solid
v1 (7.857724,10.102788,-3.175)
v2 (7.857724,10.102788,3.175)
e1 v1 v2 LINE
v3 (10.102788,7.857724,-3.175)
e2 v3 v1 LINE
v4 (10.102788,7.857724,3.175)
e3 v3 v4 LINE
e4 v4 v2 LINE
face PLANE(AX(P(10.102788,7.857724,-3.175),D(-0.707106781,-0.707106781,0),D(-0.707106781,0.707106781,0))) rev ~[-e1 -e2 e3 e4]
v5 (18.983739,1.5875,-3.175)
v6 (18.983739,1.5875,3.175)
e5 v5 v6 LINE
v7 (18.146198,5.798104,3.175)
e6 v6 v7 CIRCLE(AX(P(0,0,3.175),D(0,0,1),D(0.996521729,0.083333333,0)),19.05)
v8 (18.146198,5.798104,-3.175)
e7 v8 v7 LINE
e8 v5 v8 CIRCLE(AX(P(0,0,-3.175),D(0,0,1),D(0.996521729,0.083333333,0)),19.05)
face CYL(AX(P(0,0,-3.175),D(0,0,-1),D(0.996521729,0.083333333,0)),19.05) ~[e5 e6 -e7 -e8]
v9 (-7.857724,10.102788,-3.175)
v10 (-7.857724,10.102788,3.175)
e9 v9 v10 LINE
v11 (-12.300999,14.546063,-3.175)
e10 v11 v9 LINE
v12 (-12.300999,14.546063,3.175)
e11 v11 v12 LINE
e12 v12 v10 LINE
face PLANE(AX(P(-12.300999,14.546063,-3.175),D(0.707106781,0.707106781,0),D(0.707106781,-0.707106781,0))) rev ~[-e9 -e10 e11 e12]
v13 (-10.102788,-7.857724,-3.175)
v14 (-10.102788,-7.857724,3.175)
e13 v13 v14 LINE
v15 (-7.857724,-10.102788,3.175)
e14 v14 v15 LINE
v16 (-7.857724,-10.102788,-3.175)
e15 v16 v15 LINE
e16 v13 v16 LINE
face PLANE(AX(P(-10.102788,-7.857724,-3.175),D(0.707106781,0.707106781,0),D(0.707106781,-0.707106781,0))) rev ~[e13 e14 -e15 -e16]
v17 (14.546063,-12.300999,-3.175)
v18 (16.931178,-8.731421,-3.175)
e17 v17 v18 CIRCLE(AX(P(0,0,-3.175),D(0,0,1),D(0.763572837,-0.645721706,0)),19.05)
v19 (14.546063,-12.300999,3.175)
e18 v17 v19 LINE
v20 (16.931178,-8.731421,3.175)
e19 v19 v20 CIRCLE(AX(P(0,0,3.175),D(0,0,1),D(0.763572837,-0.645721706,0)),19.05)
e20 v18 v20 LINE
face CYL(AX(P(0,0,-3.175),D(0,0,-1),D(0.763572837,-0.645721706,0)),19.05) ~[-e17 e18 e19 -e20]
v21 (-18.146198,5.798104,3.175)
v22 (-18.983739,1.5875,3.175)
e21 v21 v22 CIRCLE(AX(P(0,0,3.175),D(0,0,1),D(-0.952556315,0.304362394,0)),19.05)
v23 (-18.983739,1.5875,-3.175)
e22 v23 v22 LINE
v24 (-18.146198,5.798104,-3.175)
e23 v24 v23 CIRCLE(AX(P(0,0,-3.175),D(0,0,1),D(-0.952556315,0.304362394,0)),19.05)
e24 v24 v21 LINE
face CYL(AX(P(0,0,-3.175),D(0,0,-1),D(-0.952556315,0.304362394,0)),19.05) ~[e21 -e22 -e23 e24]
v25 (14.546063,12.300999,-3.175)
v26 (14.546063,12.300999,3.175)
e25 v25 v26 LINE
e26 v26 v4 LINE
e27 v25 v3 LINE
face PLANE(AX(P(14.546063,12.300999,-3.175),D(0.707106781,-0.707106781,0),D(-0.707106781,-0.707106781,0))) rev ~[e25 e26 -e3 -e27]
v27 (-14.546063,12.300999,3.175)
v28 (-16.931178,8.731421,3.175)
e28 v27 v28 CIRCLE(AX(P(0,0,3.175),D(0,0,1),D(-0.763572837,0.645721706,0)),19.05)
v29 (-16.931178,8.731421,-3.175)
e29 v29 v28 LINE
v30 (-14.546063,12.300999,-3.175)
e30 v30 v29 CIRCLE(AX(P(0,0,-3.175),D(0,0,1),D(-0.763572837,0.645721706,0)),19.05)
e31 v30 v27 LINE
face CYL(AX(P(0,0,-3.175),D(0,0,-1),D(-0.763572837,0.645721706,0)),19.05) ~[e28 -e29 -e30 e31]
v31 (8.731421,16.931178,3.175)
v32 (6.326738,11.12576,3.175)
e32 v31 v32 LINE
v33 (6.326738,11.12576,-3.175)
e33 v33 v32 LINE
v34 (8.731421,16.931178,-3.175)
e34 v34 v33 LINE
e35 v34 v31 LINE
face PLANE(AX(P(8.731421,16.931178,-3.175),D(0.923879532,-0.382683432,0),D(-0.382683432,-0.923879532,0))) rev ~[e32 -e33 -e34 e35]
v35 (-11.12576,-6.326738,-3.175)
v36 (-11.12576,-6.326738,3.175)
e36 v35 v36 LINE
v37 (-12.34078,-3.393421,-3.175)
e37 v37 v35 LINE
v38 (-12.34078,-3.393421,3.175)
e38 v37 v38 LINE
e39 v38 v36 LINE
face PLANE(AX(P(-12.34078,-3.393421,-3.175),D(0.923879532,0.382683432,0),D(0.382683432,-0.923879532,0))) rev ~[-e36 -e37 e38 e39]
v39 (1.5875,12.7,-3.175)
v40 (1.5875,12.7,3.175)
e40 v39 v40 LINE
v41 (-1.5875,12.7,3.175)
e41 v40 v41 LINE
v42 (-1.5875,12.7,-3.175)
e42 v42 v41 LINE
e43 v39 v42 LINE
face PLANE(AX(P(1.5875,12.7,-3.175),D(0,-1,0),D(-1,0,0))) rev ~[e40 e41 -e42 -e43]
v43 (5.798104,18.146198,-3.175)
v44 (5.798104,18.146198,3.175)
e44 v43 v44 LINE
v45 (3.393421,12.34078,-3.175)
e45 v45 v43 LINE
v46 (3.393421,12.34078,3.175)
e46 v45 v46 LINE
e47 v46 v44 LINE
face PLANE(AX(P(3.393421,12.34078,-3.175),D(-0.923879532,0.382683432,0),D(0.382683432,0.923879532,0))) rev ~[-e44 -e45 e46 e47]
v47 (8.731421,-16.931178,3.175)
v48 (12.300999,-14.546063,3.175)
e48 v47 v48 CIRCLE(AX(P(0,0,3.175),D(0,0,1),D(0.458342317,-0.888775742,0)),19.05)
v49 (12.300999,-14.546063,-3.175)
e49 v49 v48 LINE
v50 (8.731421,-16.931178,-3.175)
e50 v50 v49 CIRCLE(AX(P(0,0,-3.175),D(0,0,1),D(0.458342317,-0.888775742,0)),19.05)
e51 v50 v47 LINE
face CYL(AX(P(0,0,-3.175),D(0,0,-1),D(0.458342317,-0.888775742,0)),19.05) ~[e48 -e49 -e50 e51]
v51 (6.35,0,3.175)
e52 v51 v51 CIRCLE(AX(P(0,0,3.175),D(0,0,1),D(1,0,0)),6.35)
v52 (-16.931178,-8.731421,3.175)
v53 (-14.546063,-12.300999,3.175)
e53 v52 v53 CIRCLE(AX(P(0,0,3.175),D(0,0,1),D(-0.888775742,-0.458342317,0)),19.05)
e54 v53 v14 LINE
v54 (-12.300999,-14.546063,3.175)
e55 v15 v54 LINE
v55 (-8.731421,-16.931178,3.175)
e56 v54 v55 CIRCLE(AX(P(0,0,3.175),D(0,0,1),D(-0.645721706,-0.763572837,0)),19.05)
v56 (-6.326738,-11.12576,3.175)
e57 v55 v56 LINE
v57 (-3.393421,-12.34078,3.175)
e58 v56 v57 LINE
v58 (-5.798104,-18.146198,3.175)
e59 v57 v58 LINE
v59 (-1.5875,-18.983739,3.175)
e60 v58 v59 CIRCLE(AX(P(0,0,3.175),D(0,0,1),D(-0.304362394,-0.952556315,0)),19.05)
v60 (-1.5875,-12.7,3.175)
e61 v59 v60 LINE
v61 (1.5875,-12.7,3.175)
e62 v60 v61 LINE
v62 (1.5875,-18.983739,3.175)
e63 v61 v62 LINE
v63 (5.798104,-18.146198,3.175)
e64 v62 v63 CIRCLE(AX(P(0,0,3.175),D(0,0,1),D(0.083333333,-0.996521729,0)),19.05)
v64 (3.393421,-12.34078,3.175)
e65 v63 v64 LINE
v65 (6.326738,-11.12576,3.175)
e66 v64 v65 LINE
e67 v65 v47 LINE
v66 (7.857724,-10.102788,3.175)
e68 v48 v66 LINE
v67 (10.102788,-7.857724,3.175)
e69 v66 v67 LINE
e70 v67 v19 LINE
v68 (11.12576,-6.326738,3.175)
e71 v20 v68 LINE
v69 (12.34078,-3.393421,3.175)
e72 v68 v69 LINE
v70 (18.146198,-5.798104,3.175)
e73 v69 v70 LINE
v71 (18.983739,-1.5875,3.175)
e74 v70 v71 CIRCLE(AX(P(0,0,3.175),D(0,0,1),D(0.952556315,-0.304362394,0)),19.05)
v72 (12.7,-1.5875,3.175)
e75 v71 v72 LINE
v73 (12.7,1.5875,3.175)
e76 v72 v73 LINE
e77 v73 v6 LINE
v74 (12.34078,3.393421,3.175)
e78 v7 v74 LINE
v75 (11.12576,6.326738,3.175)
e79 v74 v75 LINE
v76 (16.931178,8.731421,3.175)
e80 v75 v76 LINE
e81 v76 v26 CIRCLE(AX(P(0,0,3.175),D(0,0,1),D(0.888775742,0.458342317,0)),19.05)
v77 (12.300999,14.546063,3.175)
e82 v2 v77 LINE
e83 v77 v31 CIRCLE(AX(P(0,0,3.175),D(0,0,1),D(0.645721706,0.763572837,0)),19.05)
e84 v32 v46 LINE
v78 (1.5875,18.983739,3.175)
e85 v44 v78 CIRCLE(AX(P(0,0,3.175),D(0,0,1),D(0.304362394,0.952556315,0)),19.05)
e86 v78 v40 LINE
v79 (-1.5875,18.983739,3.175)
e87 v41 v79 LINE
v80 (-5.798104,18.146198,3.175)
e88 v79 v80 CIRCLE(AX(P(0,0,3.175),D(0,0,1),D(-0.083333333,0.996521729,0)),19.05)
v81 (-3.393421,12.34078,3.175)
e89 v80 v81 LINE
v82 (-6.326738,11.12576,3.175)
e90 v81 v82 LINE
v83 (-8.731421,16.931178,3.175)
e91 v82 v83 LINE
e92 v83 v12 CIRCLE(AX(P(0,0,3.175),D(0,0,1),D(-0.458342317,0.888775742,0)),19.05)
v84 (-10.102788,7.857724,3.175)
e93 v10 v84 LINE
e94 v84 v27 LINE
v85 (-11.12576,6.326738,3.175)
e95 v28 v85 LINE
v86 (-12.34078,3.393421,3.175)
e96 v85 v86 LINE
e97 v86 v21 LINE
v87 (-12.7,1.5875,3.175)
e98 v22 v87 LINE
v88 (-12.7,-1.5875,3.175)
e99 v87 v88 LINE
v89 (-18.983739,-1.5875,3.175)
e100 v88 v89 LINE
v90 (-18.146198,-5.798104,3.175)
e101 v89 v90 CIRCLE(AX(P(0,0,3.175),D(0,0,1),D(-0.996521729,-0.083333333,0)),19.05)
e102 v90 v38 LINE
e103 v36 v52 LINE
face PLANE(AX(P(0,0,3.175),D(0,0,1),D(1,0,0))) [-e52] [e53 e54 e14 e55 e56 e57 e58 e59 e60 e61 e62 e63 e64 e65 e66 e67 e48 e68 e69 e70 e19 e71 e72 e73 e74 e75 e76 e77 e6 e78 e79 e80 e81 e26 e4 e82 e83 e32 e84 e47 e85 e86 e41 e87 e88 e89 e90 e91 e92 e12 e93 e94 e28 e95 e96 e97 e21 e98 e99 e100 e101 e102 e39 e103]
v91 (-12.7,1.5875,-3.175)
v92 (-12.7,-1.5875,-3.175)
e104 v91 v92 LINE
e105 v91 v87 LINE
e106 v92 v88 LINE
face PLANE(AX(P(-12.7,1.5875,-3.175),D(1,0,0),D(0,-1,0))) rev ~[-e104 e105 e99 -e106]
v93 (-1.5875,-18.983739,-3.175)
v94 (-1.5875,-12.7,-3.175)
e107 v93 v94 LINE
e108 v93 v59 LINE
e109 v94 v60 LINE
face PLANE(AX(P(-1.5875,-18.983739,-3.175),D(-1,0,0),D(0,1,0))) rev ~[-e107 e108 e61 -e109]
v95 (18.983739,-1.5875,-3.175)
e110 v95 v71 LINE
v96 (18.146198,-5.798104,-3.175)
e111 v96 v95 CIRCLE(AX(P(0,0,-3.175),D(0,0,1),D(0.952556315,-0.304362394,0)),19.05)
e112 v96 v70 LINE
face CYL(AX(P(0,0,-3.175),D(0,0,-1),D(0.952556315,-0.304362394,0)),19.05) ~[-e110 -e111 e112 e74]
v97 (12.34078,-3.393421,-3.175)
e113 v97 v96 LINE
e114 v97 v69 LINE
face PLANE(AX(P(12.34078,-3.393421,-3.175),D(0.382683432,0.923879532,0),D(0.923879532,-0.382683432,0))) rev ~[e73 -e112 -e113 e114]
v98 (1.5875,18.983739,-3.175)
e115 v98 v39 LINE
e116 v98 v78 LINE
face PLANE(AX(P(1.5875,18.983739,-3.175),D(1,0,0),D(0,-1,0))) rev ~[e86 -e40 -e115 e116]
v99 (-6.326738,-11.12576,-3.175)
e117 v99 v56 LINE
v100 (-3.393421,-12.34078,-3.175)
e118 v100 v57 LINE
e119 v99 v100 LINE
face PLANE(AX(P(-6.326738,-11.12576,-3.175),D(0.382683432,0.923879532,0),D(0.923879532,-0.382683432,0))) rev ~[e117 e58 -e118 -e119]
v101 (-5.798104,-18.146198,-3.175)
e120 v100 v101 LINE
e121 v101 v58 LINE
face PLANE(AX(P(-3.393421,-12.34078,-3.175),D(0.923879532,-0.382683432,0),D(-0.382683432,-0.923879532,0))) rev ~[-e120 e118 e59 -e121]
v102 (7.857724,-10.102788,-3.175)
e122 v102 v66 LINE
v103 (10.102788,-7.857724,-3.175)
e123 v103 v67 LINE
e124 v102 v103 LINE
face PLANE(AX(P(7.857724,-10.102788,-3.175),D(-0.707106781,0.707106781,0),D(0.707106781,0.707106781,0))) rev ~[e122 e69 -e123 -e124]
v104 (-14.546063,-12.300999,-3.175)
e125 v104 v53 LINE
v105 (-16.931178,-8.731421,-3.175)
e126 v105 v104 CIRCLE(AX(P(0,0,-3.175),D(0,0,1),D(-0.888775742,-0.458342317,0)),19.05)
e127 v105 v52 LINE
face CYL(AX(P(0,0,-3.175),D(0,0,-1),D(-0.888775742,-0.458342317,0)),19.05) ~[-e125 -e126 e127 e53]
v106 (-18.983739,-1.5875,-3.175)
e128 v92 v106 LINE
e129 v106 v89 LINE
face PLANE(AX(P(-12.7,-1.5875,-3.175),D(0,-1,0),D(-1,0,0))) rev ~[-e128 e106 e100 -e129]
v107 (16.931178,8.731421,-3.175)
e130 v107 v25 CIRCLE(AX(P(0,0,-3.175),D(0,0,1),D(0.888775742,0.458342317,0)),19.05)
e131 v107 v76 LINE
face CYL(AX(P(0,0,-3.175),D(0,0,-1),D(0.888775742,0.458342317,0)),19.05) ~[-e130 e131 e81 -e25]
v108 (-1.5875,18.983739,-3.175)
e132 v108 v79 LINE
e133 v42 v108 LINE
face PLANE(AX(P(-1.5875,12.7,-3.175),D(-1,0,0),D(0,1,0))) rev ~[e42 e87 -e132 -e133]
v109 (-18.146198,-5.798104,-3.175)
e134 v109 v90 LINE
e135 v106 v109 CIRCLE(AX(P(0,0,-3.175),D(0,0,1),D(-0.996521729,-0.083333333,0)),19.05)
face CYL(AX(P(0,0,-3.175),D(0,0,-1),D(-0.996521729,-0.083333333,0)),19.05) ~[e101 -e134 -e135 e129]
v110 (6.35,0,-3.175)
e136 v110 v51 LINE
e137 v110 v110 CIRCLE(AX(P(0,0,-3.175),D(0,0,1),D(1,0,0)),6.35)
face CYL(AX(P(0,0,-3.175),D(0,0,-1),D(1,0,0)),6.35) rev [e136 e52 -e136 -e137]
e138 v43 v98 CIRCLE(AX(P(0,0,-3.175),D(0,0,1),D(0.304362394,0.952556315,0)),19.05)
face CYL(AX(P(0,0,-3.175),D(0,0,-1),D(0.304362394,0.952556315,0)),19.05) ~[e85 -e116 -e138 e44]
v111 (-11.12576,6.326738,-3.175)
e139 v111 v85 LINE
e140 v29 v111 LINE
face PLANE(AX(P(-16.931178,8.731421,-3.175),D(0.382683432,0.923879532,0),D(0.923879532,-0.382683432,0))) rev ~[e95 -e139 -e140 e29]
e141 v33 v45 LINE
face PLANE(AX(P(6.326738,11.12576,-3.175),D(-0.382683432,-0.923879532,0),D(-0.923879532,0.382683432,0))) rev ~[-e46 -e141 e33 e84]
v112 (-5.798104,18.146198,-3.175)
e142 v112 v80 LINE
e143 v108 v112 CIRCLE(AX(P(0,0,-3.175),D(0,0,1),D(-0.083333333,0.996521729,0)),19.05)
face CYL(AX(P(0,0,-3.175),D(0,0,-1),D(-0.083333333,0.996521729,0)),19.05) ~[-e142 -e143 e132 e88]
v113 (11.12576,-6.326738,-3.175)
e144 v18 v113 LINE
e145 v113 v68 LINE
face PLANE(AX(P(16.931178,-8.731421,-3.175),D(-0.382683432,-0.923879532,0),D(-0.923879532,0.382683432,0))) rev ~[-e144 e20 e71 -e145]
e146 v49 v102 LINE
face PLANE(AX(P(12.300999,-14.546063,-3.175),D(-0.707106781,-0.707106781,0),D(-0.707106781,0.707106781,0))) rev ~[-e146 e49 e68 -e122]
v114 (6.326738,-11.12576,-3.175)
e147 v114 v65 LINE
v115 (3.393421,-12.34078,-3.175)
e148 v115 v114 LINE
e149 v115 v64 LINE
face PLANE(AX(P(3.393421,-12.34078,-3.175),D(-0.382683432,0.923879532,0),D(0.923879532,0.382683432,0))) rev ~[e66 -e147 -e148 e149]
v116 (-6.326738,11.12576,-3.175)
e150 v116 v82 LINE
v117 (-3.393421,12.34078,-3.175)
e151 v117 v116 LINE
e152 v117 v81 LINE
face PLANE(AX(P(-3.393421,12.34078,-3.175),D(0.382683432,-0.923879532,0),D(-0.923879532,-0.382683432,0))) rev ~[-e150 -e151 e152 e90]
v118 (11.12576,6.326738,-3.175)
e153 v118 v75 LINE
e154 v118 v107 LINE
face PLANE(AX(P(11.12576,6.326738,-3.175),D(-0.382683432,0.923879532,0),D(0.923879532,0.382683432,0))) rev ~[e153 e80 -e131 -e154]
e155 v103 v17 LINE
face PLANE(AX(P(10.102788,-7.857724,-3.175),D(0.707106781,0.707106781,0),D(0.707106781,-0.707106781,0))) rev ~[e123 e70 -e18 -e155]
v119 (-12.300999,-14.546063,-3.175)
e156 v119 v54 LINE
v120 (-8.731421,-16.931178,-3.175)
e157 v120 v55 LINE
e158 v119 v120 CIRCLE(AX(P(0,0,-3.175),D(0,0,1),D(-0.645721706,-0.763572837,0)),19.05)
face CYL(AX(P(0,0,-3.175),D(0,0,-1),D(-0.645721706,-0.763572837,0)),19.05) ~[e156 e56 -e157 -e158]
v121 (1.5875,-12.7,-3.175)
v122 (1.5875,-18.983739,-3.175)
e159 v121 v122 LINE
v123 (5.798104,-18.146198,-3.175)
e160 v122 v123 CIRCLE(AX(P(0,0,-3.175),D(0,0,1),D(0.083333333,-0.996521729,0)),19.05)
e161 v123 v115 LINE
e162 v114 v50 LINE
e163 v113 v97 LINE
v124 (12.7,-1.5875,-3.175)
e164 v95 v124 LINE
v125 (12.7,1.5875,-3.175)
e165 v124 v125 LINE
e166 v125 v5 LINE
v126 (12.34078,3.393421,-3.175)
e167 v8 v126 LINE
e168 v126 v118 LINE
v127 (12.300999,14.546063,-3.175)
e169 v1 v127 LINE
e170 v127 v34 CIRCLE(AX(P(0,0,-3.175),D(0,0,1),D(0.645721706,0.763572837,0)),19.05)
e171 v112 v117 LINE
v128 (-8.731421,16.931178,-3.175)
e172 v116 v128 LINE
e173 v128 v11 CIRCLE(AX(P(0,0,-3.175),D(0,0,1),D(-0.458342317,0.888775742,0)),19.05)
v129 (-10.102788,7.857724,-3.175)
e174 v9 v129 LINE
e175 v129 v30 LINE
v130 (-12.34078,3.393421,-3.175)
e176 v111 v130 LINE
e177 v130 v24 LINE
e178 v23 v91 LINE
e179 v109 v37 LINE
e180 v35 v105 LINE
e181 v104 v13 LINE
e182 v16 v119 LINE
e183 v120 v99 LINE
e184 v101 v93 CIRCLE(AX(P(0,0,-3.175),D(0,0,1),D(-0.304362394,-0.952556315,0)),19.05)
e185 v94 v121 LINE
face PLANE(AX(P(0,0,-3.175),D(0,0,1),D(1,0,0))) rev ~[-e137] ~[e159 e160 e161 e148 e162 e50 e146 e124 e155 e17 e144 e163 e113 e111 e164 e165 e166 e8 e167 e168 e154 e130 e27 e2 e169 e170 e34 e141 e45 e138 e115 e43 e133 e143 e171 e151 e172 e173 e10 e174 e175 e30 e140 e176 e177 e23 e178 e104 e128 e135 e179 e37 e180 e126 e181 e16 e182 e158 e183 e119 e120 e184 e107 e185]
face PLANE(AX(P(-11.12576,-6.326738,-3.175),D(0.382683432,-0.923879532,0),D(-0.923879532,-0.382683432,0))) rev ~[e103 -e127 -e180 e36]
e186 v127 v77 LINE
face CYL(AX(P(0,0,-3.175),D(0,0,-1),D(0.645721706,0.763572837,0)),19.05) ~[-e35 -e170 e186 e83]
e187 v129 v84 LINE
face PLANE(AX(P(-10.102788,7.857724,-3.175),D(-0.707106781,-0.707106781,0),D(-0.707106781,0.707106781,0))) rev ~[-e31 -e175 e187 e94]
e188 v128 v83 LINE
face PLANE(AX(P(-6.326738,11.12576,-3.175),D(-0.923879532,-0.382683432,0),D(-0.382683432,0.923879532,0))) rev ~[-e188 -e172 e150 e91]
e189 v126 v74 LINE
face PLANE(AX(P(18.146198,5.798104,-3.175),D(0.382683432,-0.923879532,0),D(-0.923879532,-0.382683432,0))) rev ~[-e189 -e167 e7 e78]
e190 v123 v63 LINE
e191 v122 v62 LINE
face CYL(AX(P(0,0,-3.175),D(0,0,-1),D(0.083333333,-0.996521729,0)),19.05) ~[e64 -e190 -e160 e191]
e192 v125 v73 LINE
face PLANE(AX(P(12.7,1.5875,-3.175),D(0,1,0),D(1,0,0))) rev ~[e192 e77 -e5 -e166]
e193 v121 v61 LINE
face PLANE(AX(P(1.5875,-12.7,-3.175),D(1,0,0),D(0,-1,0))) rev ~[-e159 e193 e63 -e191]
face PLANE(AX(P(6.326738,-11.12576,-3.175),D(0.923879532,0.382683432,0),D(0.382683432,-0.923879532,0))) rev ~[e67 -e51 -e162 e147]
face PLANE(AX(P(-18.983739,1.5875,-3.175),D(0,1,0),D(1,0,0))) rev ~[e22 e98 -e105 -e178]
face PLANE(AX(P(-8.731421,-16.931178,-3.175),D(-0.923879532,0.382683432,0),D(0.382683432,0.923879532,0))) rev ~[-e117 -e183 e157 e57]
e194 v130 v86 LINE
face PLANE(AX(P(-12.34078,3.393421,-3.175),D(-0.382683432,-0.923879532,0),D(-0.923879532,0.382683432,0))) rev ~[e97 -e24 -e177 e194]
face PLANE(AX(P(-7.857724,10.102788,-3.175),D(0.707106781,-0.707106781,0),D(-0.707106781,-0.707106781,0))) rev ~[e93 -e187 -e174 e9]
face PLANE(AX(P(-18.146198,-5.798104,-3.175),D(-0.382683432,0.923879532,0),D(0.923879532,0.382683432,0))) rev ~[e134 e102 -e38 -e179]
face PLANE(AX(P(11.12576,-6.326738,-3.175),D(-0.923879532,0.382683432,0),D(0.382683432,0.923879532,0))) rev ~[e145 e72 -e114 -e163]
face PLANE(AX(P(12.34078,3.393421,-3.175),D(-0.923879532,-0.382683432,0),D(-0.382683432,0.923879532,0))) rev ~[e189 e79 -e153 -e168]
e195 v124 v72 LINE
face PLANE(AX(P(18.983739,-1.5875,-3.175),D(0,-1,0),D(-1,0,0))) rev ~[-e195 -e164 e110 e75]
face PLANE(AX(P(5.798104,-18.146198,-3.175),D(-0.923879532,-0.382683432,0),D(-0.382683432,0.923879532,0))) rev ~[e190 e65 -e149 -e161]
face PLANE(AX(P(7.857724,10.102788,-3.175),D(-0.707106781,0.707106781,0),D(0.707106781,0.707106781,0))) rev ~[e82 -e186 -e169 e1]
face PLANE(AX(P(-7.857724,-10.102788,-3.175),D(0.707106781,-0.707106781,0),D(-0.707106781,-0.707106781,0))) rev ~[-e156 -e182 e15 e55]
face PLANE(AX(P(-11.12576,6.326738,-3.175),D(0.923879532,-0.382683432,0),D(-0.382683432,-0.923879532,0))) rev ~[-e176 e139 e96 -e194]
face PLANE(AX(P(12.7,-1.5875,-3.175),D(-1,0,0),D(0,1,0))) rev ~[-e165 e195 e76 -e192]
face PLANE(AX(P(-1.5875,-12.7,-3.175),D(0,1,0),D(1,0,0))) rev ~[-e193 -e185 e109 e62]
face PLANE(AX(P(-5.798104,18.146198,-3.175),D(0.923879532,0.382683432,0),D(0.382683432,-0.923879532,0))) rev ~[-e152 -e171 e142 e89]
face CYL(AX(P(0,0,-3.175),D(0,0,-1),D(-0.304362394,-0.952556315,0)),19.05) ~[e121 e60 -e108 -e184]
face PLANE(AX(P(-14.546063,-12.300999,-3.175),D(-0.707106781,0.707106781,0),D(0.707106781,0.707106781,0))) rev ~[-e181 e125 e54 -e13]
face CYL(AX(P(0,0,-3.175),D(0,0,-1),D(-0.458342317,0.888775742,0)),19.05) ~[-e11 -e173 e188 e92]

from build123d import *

# Parameters (mm, degrees)
BOSS_EXTRUDE1_DEPTH      = 3.175
BOSS_EXTRUDE1_DEPTH_BACK = 3.175
SKETCH1_R                = 6.35


with BuildPart() as part:
    # Sketch1 → Boss-Extrude1 (new, two sides: drawn at the far end of the back side and taken through both)
    with BuildSketch(Plane.XY.offset(-BOSS_EXTRUDE1_DEPTH_BACK)):
        with BuildLine():
            ThreePointArc((5.798103615, 18.146197797), (3.716470634, 18.683959592), (1.5875, 18.98373893))
            Line((1.5875, 18.98373893), (1.5875, 12.7))
            Line((1.5875, 12.7), (-1.5875, 12.7))
            Line((-1.5875, 12.7), (-1.5875, 18.98373893))
            ThreePointArc((-1.5875, 18.98373893), (-3.716470634, 18.683959592), (-5.798103615, 18.146197797))
            Line((-5.798103615, 18.146197797), (-3.393420833, 12.340780012))
            Line((-3.393420833, 12.340780012), (-6.326738349, 11.125760114))
            Line((-6.326738349, 11.125760114), (-8.731421131, 16.931177899))
            ThreePointArc((-8.731421131, 16.931177899), (-10.583612939, 15.839496114), (-12.300998514, 14.546062545))
            Line((-12.300998514, 14.546062545), (-7.857724106, 10.102788136))
            Line((-7.857724106, 10.102788136), (-10.102788136, 7.857724106))
            Line((-10.102788136, 7.857724106), (-14.546062545, 12.300998514))
            ThreePointArc((-14.546062545, 12.300998514), (-15.839496114, 10.583612939), (-16.931177899, 8.731421131))
            Line((-16.931177899, 8.731421131), (-11.125760114, 6.326738349))
            Line((-11.125760114, 6.326738349), (-12.340780012, 3.393420833))
            Line((-12.340780012, 3.393420833), (-18.146197797, 5.798103615))
            ThreePointArc((-18.146197797, 5.798103615), (-18.683959592, 3.716470634), (-18.98373893, 1.5875))
            Line((-18.98373893, 1.5875), (-12.7, 1.5875))
            Line((-12.7, 1.5875), (-12.7, -1.5875))
            Line((-12.7, -1.5875), (-18.98373893, -1.5875))
            ThreePointArc((-18.98373893, -1.5875), (-18.683959592, -3.716470634), (-18.146197797, -5.798103615))
            Line((-18.146197797, -5.798103615), (-12.340780012, -3.393420833))
            Line((-12.340780012, -3.393420833), (-11.125760114, -6.326738349))
            Line((-11.125760114, -6.326738349), (-16.931177899, -8.731421131))
            ThreePointArc((-16.931177899, -8.731421131), (-15.839496114, -10.583612939), (-14.546062545, -12.300998514))
            Line((-14.546062545, -12.300998514), (-10.102788136, -7.857724106))
            Line((-10.102788136, -7.857724106), (-7.857724106, -10.102788136))
            Line((-7.857724106, -10.102788136), (-12.300998514, -14.546062545))
            ThreePointArc((-12.300998514, -14.546062545), (-10.583612939, -15.839496114), (-8.731421131, -16.931177899))
            Line((-8.731421131, -16.931177899), (-6.326738349, -11.125760114))
            Line((-6.326738349, -11.125760114), (-3.393420833, -12.340780012))
            Line((-3.393420833, -12.340780012), (-5.798103615, -18.146197797))
            ThreePointArc((-5.798103615, -18.146197797), (-3.716470634, -18.683959592), (-1.5875, -18.98373893))
            Line((-1.5875, -18.98373893), (-1.5875, -12.7))
            Line((-1.5875, -12.7), (1.5875, -12.7))
            Line((1.5875, -12.7), (1.5875, -18.98373893))
            ThreePointArc((1.5875, -18.98373893), (3.716470634, -18.683959592), (5.798103615, -18.146197797))
            Line((5.798103615, -18.146197797), (3.393420833, -12.340780012))
            Line((3.393420833, -12.340780012), (6.326738349, -11.125760114))
            Line((6.326738349, -11.125760114), (8.731421131, -16.931177899))
            ThreePointArc((8.731421131, -16.931177899), (10.583612939, -15.839496114), (12.300998514, -14.546062545))
            Line((12.300998514, -14.546062545), (7.857724106, -10.102788136))
            Line((7.857724106, -10.102788136), (10.102788136, -7.857724106))
            Line((10.102788136, -7.857724106), (14.546062545, -12.300998514))
            ThreePointArc((14.546062545, -12.300998514), (15.839496114, -10.583612939), (16.931177899, -8.731421131))
            Line((16.931177899, -8.731421131), (11.125760114, -6.326738349))
            Line((11.125760114, -6.326738349), (12.340780012, -3.393420833))
            Line((12.340780012, -3.393420833), (18.146197797, -5.798103615))
            ThreePointArc((18.146197797, -5.798103615), (18.683959592, -3.716470634), (18.98373893, -1.5875))
            Line((18.98373893, -1.5875), (12.7, -1.5875))
            Line((12.7, -1.5875), (12.7, 1.5875))
            Line((12.7, 1.5875), (18.98373893, 1.5875))
            ThreePointArc((18.98373893, 1.5875), (18.683959592, 3.716470634), (18.146197797, 5.798103615))
            Line((18.146197797, 5.798103615), (12.340780012, 3.393420833))
            Line((12.340780012, 3.393420833), (11.125760114, 6.326738349))
            Line((11.125760114, 6.326738349), (16.931177899, 8.731421131))
            ThreePointArc((16.931177899, 8.731421131), (15.839496114, 10.583612939), (14.546062545, 12.300998514))
            Line((14.546062545, 12.300998514), (10.102788136, 7.857724106))
            Line((10.102788136, 7.857724106), (7.857724106, 10.102788136))
            Line((7.857724106, 10.102788136), (12.300998514, 14.546062545))
            ThreePointArc((12.300998514, 14.546062545), (10.583612939, 15.839496114), (8.731421131, 16.931177899))
            Line((8.731421131, 16.931177899), (6.326738349, 11.125760114))
            Line((6.326738349, 11.125760114), (3.393420833, 12.340780012))
            Line((3.393420833, 12.340780012), (5.798103615, 18.146197797))
        make_face()
        Circle(SKETCH1_R, mode=Mode.SUBTRACT)
    extrude(amount=BOSS_EXTRUDE1_DEPTH + BOSS_EXTRUDE1_DEPTH_BACK)


solid = part.part
